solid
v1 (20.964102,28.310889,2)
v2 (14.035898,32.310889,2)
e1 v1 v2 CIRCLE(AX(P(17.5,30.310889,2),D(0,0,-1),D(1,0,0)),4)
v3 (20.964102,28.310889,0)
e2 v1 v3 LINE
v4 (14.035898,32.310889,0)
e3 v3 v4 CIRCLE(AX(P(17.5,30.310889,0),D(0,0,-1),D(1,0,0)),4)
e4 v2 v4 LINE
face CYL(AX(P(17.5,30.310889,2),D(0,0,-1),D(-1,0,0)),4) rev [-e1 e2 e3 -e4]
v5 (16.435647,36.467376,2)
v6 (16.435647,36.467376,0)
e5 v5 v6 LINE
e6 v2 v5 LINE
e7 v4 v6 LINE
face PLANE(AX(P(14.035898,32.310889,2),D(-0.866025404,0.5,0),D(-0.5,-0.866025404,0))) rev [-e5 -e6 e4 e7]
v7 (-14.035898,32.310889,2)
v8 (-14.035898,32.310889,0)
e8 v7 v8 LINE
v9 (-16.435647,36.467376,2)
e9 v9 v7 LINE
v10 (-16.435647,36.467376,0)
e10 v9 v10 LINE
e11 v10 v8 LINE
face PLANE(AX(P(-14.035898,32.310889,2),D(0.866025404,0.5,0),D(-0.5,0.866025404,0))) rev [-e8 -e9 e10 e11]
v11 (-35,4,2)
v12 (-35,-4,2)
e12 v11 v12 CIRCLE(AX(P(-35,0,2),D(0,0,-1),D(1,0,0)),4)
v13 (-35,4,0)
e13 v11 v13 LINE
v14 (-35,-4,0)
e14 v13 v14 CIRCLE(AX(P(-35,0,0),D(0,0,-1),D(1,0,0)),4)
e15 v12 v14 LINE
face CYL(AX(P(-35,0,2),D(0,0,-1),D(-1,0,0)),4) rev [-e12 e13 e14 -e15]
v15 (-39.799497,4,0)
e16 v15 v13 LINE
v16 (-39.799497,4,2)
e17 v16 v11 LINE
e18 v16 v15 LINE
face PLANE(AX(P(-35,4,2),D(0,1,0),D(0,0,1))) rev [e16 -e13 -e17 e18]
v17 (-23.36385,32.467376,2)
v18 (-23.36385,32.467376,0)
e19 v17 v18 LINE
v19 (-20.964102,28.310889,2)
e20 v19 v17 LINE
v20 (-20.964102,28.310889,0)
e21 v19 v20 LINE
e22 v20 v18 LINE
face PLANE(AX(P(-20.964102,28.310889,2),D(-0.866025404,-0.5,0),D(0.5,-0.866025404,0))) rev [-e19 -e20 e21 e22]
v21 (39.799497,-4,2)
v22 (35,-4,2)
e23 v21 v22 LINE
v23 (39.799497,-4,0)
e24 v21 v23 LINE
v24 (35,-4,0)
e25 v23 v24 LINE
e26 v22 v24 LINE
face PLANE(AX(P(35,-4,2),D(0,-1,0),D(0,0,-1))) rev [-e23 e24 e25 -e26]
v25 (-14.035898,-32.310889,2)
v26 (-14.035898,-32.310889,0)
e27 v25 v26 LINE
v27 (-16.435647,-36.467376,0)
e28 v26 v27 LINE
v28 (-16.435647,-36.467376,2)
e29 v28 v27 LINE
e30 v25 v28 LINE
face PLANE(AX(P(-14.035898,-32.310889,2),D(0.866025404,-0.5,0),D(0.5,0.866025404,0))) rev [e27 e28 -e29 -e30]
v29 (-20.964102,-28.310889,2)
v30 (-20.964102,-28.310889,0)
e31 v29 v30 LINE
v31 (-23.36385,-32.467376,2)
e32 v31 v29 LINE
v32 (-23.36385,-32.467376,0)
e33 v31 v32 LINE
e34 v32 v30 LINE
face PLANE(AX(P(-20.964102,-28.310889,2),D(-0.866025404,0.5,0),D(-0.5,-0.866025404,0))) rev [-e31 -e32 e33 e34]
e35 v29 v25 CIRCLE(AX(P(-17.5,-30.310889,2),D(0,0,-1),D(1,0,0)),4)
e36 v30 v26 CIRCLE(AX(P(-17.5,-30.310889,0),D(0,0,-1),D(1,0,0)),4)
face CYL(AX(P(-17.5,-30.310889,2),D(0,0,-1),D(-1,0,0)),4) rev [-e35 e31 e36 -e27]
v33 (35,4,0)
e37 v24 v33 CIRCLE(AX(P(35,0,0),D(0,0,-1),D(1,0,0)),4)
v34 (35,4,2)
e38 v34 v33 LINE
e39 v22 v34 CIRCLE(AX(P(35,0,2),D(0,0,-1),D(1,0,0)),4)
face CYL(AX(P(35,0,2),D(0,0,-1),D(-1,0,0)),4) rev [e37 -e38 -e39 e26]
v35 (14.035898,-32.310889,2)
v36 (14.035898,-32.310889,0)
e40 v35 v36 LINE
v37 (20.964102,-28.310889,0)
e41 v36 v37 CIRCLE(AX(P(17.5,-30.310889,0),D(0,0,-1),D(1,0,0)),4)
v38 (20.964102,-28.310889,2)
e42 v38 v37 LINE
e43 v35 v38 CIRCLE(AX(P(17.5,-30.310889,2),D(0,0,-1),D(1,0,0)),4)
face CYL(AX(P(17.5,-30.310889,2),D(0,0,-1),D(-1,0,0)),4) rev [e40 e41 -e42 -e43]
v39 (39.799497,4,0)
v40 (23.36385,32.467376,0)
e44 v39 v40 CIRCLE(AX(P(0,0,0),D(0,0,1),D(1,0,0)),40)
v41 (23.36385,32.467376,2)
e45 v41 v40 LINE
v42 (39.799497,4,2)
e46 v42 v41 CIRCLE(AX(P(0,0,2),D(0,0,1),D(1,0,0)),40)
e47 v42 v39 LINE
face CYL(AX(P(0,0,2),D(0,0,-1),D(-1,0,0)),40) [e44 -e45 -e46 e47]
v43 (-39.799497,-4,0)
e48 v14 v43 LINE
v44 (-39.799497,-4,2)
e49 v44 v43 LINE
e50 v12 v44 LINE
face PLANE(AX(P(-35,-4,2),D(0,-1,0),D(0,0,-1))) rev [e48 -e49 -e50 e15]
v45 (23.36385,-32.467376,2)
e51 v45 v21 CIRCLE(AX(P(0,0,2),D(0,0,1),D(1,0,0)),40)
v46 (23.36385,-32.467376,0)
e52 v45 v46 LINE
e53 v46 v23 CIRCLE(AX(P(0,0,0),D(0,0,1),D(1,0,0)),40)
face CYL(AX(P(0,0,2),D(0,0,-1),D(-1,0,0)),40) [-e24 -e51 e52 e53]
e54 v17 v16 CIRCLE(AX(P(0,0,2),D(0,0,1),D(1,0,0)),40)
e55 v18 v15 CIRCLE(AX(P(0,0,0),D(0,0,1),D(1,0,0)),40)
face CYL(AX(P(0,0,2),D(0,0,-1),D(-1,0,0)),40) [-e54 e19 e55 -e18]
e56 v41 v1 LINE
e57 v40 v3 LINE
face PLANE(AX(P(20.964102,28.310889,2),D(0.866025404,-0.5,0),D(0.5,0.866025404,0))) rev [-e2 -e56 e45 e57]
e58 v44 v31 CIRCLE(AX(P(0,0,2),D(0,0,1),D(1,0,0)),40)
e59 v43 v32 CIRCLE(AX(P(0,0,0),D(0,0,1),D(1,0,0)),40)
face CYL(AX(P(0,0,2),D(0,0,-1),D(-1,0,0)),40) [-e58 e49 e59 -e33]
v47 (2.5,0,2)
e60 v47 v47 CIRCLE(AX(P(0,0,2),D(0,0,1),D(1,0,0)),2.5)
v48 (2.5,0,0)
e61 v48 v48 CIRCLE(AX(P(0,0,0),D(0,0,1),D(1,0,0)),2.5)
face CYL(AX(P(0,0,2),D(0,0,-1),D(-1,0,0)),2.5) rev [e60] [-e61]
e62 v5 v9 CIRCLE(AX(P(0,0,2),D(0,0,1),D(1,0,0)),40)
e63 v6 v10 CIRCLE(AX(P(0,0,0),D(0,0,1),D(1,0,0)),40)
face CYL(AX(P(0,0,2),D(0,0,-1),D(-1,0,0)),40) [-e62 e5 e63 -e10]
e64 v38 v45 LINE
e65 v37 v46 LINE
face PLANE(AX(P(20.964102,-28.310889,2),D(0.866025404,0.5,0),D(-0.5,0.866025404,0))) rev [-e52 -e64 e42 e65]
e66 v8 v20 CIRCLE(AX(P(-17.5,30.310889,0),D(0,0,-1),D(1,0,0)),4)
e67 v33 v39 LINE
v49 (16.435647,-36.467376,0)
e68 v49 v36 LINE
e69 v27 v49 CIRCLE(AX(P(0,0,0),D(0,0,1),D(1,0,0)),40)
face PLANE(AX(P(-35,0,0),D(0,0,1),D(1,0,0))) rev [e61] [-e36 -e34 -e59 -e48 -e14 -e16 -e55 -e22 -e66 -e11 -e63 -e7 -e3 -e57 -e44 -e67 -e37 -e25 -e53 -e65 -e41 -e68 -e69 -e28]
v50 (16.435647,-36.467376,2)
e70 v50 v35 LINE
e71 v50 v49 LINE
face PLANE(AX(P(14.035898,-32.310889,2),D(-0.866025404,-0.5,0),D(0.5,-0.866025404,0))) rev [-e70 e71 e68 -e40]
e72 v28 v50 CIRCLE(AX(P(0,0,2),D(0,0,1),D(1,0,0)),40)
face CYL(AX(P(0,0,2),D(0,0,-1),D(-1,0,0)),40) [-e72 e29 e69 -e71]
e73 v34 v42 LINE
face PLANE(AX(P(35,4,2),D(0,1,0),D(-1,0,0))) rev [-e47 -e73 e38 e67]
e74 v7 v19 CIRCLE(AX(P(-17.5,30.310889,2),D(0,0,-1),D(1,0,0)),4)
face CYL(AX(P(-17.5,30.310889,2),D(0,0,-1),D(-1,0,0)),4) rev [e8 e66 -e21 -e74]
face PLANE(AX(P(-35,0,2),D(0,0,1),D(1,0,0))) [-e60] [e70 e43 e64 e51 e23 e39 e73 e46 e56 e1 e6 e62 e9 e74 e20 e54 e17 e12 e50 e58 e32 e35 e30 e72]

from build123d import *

# Parameters (mm, degrees)
SKETCH_1_R      = 2.5
EXTRUDE_1_DEPTH = 2


with BuildPart() as part:
    # 草图1 → 凸台-拉伸1 (new body)
    with BuildSketch(Plane.XY):
        with BuildLine():
            Line((-35, 4), (-39.799497484, 4))
            ThreePointArc((-39.799497484, 4), (-34.641016151, 20), (-23.363850357, 32.467375879))
            Line((-23.363850357, 32.467375879), (-20.964101615, 28.310889132))
            ThreePointArc((-20.964101615, 28.310889132), (-15.5, 26.846787517), (-14.035898385, 32.310889132))
            Line((-14.035898385, 32.310889132), (-16.435647127, 36.467375879))
            ThreePointArc((-16.435647127, 36.467375879), (0, 40), (16.435647127, 36.467375879))
            Line((16.435647127, 36.467375879), (14.035898385, 32.310889132))
            ThreePointArc((14.035898385, 32.310889132), (15.5, 26.846787517), (20.964101615, 28.310889132))
            Line((20.964101615, 28.310889132), (23.363850357, 32.467375879))
            ThreePointArc((23.363850357, 32.467375879), (34.641016151, 20), (39.799497484, 4))
            Line((39.799497484, 4), (35, 4))
            ThreePointArc((35, 4), (31, 0), (35, -4))
            Line((35, -4), (39.799497484, -4))
            ThreePointArc((39.799497484, -4), (34.641016151, -20), (23.363850357, -32.467375879))
            Line((23.363850357, -32.467375879), (20.964101615, -28.310889132))
            ThreePointArc((20.964101615, -28.310889132), (15.5, -26.846787517), (14.035898385, -32.310889132))
            Line((14.035898385, -32.310889132), (16.435647127, -36.467375879))
            ThreePointArc((16.435647127, -36.467375879), (0, -40), (-16.435647127, -36.467375879))
            Line((-16.435647127, -36.467375879), (-14.035898385, -32.310889132))
            ThreePointArc((-14.035898385, -32.310889132), (-15.5, -26.846787517), (-20.964101615, -28.310889132))
            Line((-20.964101615, -28.310889132), (-23.363850357, -32.467375879))
            ThreePointArc((-23.363850357, -32.467375879), (-34.641016151, -20), (-39.799497484, -4))
            Line((-39.799497484, -4), (-35, -4))
            ThreePointArc((-35, -4), (-31, 0), (-35, 4))
        make_face()
        Circle(SKETCH_1_R, mode=Mode.SUBTRACT)
    extrude(amount=EXTRUDE_1_DEPTH)


solid = part.part
